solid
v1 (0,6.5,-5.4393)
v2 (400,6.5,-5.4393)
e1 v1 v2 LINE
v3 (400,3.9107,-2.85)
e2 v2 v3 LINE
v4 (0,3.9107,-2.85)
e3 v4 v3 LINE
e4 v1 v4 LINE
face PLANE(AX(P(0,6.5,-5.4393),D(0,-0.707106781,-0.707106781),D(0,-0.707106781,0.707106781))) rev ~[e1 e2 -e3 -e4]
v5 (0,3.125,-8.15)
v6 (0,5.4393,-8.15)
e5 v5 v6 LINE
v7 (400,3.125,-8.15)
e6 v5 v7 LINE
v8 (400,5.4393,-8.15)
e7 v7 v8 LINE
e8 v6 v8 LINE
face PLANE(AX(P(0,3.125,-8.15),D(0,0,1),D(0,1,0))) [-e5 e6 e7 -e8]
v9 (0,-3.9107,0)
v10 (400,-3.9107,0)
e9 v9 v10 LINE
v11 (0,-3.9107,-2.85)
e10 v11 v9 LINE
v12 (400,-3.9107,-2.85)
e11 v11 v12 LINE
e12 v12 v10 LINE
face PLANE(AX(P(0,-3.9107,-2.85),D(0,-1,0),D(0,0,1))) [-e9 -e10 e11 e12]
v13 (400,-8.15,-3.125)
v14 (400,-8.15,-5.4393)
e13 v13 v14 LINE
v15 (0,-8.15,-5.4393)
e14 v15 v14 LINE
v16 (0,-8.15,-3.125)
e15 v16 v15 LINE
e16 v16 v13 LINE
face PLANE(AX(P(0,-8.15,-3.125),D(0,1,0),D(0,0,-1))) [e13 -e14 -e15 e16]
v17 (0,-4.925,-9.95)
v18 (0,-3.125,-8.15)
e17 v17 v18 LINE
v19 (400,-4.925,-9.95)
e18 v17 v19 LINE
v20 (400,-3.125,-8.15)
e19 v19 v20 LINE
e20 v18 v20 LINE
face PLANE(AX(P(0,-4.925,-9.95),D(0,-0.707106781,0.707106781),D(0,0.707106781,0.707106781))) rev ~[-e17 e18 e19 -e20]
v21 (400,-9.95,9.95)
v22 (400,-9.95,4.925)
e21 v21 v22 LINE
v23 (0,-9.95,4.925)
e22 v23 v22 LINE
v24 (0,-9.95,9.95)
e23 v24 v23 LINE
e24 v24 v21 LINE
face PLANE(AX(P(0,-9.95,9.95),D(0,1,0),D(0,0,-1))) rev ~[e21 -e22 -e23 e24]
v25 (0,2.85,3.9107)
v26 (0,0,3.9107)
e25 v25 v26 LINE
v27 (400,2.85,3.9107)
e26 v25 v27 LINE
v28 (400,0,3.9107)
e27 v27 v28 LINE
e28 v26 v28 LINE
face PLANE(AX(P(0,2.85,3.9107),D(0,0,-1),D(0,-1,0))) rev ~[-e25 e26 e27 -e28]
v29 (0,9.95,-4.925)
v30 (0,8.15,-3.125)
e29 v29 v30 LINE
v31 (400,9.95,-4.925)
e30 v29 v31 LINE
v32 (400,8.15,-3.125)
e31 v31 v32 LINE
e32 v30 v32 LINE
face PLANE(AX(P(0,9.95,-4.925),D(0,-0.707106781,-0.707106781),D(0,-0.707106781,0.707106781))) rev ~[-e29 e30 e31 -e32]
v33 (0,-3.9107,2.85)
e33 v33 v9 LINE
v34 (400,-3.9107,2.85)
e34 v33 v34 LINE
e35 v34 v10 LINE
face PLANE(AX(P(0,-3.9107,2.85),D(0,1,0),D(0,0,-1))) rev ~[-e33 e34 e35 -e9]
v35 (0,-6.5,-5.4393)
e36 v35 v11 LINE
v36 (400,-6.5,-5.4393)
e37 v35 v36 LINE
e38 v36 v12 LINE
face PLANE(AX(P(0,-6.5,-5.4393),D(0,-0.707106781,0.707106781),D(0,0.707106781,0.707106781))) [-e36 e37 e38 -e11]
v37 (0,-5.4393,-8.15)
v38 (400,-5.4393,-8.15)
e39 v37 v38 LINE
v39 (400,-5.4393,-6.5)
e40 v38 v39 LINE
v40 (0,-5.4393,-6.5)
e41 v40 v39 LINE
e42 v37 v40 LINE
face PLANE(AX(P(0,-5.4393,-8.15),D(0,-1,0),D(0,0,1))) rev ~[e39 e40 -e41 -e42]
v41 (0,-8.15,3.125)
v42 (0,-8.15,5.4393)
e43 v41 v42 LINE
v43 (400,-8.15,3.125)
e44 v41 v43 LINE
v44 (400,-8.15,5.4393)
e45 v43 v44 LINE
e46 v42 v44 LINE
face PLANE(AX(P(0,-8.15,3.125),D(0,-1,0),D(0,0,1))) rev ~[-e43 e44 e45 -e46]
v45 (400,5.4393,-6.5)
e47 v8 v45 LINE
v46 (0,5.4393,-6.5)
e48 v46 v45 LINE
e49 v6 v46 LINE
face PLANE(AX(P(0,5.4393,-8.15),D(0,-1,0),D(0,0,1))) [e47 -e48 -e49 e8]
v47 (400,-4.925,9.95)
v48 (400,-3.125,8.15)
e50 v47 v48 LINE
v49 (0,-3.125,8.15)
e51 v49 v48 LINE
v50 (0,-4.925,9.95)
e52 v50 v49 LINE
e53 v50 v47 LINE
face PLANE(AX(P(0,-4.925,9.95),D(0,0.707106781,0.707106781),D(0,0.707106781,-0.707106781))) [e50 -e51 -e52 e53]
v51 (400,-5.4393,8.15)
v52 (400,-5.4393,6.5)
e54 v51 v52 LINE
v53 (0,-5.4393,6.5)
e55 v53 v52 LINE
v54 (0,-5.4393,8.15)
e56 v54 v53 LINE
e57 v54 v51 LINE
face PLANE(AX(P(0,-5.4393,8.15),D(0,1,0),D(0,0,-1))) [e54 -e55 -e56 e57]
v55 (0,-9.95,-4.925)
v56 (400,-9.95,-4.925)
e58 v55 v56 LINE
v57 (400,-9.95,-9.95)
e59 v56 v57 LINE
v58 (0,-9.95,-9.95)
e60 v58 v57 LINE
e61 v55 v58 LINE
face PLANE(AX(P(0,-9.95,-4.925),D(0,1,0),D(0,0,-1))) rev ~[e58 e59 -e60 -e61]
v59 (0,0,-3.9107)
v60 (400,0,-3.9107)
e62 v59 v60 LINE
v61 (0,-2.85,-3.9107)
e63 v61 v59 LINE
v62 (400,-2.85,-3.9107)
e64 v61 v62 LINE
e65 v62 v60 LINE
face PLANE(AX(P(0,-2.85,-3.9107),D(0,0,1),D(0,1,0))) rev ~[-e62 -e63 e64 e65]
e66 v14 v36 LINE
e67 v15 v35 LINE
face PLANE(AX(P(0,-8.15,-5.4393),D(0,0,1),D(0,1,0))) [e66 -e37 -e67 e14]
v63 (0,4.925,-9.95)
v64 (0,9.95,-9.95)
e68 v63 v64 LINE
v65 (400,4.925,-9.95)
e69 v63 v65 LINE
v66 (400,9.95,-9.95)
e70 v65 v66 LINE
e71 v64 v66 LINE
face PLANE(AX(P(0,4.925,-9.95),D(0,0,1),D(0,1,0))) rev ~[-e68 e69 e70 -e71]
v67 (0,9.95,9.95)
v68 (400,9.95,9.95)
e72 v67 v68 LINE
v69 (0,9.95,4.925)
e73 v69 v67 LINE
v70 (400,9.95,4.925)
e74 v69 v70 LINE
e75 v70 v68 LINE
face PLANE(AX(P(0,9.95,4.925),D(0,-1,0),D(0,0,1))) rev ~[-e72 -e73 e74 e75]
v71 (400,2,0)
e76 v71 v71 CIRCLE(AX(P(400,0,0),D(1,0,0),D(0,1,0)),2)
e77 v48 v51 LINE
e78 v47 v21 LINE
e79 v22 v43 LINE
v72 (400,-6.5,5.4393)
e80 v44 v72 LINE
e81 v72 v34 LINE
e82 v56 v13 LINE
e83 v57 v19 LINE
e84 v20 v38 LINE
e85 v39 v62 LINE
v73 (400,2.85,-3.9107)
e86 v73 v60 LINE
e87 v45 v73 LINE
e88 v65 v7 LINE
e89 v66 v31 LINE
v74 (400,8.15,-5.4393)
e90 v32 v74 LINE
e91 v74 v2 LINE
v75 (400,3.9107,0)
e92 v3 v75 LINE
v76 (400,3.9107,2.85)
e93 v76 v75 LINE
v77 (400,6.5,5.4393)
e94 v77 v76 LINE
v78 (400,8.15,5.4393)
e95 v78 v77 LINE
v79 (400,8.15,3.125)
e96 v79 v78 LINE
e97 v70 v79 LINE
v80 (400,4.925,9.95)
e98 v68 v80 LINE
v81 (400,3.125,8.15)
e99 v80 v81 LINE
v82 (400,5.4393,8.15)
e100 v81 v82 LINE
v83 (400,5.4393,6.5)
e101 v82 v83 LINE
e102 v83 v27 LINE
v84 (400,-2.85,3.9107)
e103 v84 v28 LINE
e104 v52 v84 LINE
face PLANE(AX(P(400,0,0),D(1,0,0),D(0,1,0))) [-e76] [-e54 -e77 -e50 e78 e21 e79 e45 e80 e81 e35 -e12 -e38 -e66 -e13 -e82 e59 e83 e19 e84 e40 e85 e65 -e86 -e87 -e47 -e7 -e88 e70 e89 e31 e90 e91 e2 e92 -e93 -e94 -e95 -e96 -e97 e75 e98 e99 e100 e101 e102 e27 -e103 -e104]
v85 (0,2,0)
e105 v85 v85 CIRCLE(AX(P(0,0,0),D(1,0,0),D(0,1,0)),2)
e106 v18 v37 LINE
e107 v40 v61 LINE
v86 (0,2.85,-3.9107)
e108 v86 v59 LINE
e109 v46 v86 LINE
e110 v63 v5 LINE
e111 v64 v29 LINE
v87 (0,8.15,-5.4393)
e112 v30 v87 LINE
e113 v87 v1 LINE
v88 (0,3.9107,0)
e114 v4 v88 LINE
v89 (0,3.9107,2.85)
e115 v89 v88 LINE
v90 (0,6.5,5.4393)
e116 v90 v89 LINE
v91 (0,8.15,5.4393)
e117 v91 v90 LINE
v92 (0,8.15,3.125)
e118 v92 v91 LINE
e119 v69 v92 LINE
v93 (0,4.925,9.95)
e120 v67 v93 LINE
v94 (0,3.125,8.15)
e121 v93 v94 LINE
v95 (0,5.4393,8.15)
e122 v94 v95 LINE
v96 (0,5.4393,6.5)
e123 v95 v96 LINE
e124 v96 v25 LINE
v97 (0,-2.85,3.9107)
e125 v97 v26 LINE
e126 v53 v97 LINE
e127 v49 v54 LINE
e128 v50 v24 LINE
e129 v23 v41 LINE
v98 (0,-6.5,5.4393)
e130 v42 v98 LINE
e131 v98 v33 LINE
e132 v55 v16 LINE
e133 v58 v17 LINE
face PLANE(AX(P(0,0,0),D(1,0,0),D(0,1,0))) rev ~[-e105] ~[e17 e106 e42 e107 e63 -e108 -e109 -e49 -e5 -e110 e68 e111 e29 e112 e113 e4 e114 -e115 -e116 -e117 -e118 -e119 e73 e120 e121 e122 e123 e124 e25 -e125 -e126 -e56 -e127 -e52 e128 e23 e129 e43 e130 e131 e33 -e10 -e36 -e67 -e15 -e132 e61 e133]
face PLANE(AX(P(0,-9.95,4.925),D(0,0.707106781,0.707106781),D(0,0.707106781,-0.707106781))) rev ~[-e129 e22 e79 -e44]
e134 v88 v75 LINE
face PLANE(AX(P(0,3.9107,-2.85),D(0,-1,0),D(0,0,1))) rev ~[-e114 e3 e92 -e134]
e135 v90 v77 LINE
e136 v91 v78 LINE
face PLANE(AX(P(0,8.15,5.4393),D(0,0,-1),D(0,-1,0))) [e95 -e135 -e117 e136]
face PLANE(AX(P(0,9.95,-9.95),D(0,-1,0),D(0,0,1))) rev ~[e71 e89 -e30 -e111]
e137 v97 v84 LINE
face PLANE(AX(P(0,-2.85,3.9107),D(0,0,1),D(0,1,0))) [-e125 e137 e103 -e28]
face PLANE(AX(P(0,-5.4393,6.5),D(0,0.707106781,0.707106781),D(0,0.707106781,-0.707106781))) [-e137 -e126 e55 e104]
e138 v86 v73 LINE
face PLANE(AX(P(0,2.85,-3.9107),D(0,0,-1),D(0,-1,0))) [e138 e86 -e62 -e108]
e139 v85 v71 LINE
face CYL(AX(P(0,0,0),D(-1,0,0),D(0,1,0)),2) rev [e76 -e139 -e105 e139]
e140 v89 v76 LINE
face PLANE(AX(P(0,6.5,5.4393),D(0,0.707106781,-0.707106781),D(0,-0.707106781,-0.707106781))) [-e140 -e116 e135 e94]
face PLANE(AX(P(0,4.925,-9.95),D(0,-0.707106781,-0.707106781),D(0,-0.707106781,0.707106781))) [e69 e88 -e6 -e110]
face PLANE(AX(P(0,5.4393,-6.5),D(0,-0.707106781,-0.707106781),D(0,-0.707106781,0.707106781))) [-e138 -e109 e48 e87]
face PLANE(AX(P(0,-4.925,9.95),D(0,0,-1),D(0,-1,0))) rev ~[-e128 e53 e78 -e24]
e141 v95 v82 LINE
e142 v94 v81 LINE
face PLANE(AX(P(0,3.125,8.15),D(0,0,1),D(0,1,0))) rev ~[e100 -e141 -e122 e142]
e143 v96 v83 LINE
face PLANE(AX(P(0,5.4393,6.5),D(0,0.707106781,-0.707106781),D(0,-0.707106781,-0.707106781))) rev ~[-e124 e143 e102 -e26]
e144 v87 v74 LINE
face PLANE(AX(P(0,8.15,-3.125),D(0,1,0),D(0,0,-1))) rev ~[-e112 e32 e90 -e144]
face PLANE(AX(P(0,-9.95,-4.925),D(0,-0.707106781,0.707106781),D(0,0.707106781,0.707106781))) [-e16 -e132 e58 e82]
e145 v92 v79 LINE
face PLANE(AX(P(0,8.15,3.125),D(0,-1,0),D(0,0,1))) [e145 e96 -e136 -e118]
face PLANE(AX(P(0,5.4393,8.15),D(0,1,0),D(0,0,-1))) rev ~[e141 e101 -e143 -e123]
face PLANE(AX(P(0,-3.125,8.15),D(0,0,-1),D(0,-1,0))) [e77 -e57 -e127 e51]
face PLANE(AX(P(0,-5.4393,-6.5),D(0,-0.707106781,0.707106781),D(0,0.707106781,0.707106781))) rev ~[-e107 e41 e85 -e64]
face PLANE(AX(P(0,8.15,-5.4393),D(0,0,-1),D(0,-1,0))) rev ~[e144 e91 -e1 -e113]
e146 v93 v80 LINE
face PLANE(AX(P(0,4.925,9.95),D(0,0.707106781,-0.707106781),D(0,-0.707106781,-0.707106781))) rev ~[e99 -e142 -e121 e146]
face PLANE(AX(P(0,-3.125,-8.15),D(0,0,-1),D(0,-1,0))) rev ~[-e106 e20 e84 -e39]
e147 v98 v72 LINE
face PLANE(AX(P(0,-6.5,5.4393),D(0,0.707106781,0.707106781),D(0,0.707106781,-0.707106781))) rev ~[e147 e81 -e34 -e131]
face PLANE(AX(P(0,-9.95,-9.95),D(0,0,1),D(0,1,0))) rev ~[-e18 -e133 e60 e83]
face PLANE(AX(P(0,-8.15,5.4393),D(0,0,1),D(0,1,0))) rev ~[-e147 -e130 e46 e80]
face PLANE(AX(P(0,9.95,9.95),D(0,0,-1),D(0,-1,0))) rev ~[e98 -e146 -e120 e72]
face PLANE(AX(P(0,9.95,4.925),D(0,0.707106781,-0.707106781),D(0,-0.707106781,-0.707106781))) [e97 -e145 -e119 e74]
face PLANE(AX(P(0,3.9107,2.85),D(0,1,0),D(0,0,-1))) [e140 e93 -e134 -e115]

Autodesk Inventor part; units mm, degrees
ref_plane "YZ Plane" through (0, 0, 0) normal (1, 0, 0) x (0, 1, 0)
ref_plane "XZ Plane" through (0, 0, 0) normal (0, 1, 0) x (-1, 0, 0)
ref_plane "XY Plane" through (0, 0, 0) normal (0, 0, 1) x (1, 0, 0)
sketch "Sketch1" plane through (0, 0, 0) normal (1, 0, 0) x (0, 1, 0)
  line L0 (-9.95, -9.95) -> (9.95, -9.95) construction
  line L1 (9.95, 9.95) -> (-9.95, 9.95) construction
  line L2 (-9.95, 9.95) -> (-9.95, -9.95) construction
  line L3 (-9.95, -9.95) -> (9.95, 9.95) construction
  line L4 (9.95, -9.95) -> (-9.95, 9.95) construction
  line L5 (9.95, 4.925) -> (8.15, 3.125)
  line L6 (8.15, 3.125) -> (8.15, 5.4393)
  line L7 (8.15, 5.4393) -> (6.5, 5.4393)
  line L8 (6.5, 5.4393) -> (3.9107, 2.85)
  line L9 (3.9107, 2.85) -> (3.9107, 0)
  line L10 (9.95, -4.925) -> (8.15, -3.125)
  line L11 (8.15, -3.125) -> (8.15, -5.4393)
  line L12 (3.9107, -2.85) -> (3.9107, 0)
  line L13 (0, 0) -> (6.8658, 0) construction
  line L14 (8.15, -5.4393) -> (6.5, -5.4393)
  line L15 (6.5, -5.4393) -> (3.9107, -2.85)
  circle A0 centre (0, 0) radius 2
  line L16 (9.95, -9.95) -> (9.95, -4.925)
  line L17 (9.95, 4.925) -> (9.95, 9.95)
  line L18 (-4.925, 9.95) -> (-9.95, 9.95)
  line L19 (-4.925, 9.95) -> (-3.125, 8.15)
  line L20 (-5.4393, 6.5) -> (-2.85, 3.9107)
  line L21 (-5.4393, 8.15) -> (-5.4393, 6.5)
  line L22 (-3.125, 8.15) -> (-5.4393, 8.15)
  line L23 (-2.85, 3.9107) -> (0, 3.9107)
  line L24 (2.85, 3.9107) -> (0, 3.9107)
  line L25 (5.4393, 6.5) -> (2.85, 3.9107)
  line L26 (5.4393, 8.15) -> (5.4393, 6.5)
  line L27 (3.125, 8.15) -> (5.4393, 8.15)
  line L28 (4.925, 9.95) -> (3.125, 8.15)
  line L29 (9.95, 9.95) -> (4.925, 9.95)
  line L30 (-9.95, -4.925) -> (-9.95, -9.95)
  line L31 (-9.95, -4.925) -> (-8.15, -3.125)
  line L32 (-6.5, -5.4393) -> (-3.9107, -2.85)
  line L33 (-8.15, -5.4393) -> (-6.5, -5.4393)
  line L34 (-8.15, -3.125) -> (-8.15, -5.4393)
  line L35 (-3.9107, -2.85) -> (-3.9107, 0)
  line L36 (-3.9107, 2.85) -> (-3.9107, 0)
  line L37 (-6.5, 5.4393) -> (-3.9107, 2.85)
  line L38 (-8.15, 5.4393) -> (-6.5, 5.4393)
  line L39 (-8.15, 3.125) -> (-8.15, 5.4393)
  line L40 (-9.95, 4.925) -> (-8.15, 3.125)
  line L41 (-9.95, 9.95) -> (-9.95, 4.925)
  line L42 (4.925, -9.95) -> (9.95, -9.95)
  line L43 (4.925, -9.95) -> (3.125, -8.15)
  line L44 (5.4393, -6.5) -> (2.85, -3.9107)
  line L45 (5.4393, -8.15) -> (5.4393, -6.5)
  line L46 (3.125, -8.15) -> (5.4393, -8.15)
  line L47 (2.85, -3.9107) -> (0, -3.9107)
  line L48 (-2.85, -3.9107) -> (0, -3.9107)
  line L49 (-5.4393, -6.5) -> (-2.85, -3.9107)
  line L50 (-5.4393, -8.15) -> (-5.4393, -6.5)
  line L51 (-3.125, -8.15) -> (-5.4393, -8.15)
  line L52 (-4.925, -9.95) -> (-3.125, -8.15)
  line L53 (-9.95, -9.95) -> (-4.925, -9.95)
  dimension "d0" = 19.9
  dimension "d1" = 19.9
  dimension "d3" = 6.25
  dimension "d4" = 5.7
  dimension "d5" = 0.75
  dimension "d7" = 4
  dimension "d8" = 1.8
  dimension "d9" = 45
  dimension "d10" = 1.65
  dimension "d13" = 360
extrude "Extrusion1" add sketch "Sketch1" along normal blind 400
properties part number "V Extrustion 20x400mm"
